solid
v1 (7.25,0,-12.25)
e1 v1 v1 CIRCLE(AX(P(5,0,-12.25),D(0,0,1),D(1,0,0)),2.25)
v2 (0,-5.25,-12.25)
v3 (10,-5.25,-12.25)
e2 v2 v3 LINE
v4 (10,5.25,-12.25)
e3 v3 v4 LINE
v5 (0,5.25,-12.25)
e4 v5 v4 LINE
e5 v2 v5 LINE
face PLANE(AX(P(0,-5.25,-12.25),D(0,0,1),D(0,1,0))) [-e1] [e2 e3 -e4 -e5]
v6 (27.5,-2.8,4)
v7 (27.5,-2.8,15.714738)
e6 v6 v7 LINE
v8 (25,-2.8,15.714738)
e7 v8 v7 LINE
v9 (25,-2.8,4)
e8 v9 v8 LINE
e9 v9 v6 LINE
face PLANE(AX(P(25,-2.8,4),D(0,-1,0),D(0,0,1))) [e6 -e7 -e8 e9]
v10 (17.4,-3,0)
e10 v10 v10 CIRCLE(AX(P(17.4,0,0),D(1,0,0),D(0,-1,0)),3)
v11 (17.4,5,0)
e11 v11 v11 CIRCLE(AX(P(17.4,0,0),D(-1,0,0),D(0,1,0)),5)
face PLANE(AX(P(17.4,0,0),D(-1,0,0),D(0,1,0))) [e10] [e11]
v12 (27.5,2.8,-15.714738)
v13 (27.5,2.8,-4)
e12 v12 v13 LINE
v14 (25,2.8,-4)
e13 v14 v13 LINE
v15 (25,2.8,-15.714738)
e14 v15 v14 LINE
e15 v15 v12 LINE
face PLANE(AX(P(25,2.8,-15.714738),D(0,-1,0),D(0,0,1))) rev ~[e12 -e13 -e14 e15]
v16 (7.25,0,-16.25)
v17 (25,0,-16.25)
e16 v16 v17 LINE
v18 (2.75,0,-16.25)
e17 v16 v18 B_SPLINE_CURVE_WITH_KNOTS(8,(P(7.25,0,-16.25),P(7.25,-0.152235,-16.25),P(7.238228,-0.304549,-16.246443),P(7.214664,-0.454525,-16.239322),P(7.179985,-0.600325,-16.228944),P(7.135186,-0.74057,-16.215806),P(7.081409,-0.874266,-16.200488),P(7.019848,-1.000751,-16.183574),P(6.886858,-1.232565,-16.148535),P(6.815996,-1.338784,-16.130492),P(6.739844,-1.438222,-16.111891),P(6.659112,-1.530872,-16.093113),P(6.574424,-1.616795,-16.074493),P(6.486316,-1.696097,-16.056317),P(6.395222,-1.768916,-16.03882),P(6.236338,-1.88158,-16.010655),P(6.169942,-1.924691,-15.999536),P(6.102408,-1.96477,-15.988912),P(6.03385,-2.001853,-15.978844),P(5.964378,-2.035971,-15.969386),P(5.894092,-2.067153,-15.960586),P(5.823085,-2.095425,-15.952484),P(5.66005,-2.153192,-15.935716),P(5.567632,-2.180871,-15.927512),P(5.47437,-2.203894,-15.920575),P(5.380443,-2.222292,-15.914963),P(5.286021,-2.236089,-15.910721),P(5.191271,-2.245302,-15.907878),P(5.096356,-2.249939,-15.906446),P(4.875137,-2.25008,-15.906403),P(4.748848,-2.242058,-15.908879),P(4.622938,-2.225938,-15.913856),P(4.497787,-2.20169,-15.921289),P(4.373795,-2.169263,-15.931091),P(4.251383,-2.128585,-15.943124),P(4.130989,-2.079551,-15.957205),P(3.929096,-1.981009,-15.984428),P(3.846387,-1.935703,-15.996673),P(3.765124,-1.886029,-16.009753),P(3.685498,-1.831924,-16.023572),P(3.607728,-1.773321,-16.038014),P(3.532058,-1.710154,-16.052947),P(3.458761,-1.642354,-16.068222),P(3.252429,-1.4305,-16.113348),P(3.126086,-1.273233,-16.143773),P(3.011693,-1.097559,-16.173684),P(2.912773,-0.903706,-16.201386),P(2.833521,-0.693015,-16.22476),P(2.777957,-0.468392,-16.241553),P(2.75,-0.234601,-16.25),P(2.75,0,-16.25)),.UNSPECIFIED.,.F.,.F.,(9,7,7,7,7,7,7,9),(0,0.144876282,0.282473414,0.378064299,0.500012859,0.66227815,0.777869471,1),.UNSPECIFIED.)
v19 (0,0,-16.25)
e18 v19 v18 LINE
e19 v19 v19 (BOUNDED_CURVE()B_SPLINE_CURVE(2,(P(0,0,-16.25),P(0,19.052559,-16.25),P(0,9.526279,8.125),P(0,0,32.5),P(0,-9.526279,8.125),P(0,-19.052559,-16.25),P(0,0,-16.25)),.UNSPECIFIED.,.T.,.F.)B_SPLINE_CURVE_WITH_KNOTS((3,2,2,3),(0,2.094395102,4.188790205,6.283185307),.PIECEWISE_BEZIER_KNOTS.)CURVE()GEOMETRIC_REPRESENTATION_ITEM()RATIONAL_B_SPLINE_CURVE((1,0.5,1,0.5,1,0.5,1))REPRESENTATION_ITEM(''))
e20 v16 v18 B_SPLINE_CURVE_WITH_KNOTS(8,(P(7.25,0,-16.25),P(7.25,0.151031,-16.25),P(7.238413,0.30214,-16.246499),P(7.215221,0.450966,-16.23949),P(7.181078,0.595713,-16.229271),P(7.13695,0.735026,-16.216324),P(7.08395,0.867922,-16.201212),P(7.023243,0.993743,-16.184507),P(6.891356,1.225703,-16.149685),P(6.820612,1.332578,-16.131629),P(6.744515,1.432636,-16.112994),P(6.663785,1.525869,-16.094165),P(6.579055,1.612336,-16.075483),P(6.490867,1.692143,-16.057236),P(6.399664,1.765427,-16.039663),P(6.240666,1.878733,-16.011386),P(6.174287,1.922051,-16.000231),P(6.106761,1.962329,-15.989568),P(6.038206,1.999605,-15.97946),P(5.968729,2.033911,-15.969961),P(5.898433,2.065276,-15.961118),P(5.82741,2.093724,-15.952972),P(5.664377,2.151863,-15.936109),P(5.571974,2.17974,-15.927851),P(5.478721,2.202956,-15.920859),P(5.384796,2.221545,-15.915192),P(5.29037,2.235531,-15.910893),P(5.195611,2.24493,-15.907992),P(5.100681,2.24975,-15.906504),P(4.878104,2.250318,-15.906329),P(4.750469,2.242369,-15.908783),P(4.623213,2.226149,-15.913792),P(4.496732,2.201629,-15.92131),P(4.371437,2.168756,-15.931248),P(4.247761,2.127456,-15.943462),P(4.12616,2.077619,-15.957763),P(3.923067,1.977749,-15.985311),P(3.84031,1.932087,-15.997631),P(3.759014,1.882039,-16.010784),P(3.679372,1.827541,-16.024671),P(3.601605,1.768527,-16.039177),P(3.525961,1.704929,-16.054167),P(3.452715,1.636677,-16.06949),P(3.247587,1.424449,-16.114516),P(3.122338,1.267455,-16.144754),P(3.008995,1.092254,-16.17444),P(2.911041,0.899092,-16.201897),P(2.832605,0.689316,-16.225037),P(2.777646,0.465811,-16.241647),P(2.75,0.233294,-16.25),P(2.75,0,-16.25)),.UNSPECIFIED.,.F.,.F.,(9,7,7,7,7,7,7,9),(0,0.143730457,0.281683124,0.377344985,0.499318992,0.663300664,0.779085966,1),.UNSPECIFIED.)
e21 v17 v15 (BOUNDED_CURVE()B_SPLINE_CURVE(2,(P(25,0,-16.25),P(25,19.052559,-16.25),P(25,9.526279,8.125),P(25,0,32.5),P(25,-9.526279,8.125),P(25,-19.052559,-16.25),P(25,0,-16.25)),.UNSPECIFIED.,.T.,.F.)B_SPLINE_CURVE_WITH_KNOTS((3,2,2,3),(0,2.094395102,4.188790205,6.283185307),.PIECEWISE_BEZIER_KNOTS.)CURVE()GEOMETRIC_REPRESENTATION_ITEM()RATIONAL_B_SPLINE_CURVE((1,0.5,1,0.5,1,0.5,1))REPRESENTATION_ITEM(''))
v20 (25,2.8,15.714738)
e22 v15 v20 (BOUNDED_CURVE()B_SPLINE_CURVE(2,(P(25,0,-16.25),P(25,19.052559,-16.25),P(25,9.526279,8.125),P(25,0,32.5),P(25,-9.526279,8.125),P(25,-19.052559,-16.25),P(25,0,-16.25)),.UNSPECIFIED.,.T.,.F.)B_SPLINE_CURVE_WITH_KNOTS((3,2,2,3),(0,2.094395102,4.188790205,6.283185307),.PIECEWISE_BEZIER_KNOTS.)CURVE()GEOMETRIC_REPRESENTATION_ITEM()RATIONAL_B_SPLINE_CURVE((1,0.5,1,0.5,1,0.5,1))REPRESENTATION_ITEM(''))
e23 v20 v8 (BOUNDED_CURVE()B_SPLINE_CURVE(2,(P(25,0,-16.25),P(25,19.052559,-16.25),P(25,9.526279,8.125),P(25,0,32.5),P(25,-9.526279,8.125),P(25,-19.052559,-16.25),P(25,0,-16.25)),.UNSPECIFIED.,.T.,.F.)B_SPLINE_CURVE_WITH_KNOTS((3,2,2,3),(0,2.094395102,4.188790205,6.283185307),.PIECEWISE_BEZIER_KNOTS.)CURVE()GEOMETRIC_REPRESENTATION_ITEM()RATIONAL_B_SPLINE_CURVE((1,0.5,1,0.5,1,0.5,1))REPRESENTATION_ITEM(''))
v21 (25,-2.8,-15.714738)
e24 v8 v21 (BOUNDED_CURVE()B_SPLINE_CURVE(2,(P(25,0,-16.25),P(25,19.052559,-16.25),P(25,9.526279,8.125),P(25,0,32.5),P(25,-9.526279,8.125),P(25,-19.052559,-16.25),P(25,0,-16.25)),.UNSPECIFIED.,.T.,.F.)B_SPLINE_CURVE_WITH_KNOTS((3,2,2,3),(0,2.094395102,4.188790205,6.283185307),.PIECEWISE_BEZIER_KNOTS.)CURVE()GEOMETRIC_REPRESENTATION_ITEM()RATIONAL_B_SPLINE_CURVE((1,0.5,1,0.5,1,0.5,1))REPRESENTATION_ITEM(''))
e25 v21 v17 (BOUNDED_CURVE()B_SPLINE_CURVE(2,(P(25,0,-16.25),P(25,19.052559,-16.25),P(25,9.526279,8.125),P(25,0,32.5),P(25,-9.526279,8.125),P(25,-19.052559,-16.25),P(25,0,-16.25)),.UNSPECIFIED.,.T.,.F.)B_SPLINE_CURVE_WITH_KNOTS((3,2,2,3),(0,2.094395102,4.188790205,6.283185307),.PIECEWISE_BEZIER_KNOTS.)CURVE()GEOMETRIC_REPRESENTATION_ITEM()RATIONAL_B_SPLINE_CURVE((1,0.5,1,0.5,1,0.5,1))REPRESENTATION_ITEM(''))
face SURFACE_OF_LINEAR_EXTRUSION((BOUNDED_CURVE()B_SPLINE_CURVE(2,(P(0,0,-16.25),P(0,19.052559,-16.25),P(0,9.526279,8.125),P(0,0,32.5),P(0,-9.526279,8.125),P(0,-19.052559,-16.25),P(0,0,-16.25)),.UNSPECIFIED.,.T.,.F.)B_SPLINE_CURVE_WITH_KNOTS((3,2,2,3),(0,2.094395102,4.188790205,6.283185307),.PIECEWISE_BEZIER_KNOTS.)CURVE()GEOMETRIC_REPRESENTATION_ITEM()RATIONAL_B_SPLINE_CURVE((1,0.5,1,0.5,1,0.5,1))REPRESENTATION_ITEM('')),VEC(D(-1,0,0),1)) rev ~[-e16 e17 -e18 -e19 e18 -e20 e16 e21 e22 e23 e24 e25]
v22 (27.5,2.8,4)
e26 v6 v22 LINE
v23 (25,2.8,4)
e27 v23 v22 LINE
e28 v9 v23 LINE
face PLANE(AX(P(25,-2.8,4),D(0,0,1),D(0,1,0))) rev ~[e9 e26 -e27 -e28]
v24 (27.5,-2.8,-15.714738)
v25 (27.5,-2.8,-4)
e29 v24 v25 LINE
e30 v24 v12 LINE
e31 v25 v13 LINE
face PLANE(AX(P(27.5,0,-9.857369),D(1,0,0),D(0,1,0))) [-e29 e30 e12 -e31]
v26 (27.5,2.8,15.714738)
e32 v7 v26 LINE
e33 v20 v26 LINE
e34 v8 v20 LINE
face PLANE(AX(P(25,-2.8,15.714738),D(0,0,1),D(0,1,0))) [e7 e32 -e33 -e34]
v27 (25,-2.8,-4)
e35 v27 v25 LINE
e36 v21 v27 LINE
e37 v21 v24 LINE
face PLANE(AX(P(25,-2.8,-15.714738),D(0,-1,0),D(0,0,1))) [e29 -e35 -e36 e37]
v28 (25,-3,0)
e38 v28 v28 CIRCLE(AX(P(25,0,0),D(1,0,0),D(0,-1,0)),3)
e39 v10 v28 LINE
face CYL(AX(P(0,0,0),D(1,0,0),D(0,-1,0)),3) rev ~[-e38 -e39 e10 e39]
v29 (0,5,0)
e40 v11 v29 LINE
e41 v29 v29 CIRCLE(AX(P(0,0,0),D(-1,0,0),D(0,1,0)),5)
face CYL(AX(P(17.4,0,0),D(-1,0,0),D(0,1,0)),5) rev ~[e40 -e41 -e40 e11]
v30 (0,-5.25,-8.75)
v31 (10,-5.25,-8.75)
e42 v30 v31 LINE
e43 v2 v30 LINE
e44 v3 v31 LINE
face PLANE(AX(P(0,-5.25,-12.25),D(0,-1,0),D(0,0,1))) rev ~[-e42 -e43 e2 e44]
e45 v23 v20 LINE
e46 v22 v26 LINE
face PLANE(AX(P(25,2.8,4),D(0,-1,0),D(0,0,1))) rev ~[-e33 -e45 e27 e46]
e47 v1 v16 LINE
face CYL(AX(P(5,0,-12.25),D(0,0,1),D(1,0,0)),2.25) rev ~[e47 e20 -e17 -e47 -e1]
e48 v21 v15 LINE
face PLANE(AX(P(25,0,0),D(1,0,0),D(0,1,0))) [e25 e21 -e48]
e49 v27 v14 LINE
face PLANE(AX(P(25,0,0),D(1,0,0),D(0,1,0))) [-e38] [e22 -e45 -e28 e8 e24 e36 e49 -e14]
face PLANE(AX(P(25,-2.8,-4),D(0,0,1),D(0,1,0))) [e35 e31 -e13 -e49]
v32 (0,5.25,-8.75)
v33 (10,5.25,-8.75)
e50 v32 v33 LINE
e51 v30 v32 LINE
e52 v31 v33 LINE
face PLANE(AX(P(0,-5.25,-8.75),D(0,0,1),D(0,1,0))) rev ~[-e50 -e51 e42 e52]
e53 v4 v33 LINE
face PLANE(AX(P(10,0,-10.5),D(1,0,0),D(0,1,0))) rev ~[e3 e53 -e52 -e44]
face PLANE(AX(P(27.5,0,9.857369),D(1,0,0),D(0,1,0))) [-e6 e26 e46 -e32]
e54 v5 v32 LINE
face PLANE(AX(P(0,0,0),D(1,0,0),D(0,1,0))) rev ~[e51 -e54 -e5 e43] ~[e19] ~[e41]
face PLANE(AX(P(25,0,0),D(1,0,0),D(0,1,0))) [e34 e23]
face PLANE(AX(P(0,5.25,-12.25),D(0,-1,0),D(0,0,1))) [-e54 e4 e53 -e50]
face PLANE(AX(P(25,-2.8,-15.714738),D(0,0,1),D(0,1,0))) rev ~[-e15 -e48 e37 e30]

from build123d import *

# Parameters (mm, degrees)
F1_DEPTH       = 25
F2_D           = 6
F2_CBORE_D     = 10
F2_CBORE_DEPTH = 17.4
F4_W           = 10.5
F4_H           = 3.5
F5_DEPTH       = 10
F8_D           = 4.5
F8_DEPTH       = 12
F8_TIP         = 1.3519363928
F9_W           = 5.6
F9_H           = 11.7147381737
F10_DEPTH      = 2.5


with BuildPart() as f1:
    # F0 (on Right) → F1 (new body)
    with BuildSketch(Plane.YZ):
        with BuildLine():
            add(Edge.make_bspline(
                [(0, -16.25), (19.0525588833, -16.25), (9.5262794416, 8.125), (0, 32.5), (-9.5262794416, 8.125), (-19.0525588833, -16.25), (0, -16.25)],
                knots=[0, 0, 0, 2.0943951024, 2.0943951024, 4.1887902048, 4.1887902048, 6.2831853072, 6.2831853072, 6.2831853072], degree=2, weights=[1, 0.5, 1, 0.5, 1, 0.5, 1]))
        make_face()
    extrude(amount=F1_DEPTH)

    # F2 (through all)
    with Locations(Plane(origin=(0, 0, 0), x_dir=(0, 1, 0), z_dir=(-1, 0, 0))):
        with Locations((0, 0)):
            CounterBoreHole(F2_D / 2, F2_CBORE_D / 2, F2_CBORE_DEPTH)

    # F4 (on offset) → F5 (cut)
    with BuildSketch(Plane.YZ):
        with Locations((0, -10.5)):
            Rectangle(F4_W, F4_H)
    extrude(amount=F5_DEPTH, mode=Mode.SUBTRACT)

    # F8 (one way)
    with BuildSketch(Plane.XY.offset(-12.25)):
        with Locations((5, 0)):
            Circle(F8_D / 2)
    extrude(amount=-F8_DEPTH, mode=Mode.SUBTRACT)
    with Locations(Plane.XY.offset(-12.25)):
        with Locations((5, 0)):
            with Locations((0, 0, -(F8_DEPTH + F8_TIP / 2))):  # 118° drill point
                Cone(0, F8_D / 2, F8_TIP, mode=Mode.SUBTRACT)

    # F9 (on face) → F10 (join)
    with BuildSketch(Plane.YZ.offset(25)):
        with Locations((0, 9.8573690868)):
            Rectangle(F9_W, F9_H)
        with Locations((0, -9.8573690868)):
            Rectangle(F9_W, F9_H)
    extrude(amount=F10_DEPTH)


solid = f1.part
